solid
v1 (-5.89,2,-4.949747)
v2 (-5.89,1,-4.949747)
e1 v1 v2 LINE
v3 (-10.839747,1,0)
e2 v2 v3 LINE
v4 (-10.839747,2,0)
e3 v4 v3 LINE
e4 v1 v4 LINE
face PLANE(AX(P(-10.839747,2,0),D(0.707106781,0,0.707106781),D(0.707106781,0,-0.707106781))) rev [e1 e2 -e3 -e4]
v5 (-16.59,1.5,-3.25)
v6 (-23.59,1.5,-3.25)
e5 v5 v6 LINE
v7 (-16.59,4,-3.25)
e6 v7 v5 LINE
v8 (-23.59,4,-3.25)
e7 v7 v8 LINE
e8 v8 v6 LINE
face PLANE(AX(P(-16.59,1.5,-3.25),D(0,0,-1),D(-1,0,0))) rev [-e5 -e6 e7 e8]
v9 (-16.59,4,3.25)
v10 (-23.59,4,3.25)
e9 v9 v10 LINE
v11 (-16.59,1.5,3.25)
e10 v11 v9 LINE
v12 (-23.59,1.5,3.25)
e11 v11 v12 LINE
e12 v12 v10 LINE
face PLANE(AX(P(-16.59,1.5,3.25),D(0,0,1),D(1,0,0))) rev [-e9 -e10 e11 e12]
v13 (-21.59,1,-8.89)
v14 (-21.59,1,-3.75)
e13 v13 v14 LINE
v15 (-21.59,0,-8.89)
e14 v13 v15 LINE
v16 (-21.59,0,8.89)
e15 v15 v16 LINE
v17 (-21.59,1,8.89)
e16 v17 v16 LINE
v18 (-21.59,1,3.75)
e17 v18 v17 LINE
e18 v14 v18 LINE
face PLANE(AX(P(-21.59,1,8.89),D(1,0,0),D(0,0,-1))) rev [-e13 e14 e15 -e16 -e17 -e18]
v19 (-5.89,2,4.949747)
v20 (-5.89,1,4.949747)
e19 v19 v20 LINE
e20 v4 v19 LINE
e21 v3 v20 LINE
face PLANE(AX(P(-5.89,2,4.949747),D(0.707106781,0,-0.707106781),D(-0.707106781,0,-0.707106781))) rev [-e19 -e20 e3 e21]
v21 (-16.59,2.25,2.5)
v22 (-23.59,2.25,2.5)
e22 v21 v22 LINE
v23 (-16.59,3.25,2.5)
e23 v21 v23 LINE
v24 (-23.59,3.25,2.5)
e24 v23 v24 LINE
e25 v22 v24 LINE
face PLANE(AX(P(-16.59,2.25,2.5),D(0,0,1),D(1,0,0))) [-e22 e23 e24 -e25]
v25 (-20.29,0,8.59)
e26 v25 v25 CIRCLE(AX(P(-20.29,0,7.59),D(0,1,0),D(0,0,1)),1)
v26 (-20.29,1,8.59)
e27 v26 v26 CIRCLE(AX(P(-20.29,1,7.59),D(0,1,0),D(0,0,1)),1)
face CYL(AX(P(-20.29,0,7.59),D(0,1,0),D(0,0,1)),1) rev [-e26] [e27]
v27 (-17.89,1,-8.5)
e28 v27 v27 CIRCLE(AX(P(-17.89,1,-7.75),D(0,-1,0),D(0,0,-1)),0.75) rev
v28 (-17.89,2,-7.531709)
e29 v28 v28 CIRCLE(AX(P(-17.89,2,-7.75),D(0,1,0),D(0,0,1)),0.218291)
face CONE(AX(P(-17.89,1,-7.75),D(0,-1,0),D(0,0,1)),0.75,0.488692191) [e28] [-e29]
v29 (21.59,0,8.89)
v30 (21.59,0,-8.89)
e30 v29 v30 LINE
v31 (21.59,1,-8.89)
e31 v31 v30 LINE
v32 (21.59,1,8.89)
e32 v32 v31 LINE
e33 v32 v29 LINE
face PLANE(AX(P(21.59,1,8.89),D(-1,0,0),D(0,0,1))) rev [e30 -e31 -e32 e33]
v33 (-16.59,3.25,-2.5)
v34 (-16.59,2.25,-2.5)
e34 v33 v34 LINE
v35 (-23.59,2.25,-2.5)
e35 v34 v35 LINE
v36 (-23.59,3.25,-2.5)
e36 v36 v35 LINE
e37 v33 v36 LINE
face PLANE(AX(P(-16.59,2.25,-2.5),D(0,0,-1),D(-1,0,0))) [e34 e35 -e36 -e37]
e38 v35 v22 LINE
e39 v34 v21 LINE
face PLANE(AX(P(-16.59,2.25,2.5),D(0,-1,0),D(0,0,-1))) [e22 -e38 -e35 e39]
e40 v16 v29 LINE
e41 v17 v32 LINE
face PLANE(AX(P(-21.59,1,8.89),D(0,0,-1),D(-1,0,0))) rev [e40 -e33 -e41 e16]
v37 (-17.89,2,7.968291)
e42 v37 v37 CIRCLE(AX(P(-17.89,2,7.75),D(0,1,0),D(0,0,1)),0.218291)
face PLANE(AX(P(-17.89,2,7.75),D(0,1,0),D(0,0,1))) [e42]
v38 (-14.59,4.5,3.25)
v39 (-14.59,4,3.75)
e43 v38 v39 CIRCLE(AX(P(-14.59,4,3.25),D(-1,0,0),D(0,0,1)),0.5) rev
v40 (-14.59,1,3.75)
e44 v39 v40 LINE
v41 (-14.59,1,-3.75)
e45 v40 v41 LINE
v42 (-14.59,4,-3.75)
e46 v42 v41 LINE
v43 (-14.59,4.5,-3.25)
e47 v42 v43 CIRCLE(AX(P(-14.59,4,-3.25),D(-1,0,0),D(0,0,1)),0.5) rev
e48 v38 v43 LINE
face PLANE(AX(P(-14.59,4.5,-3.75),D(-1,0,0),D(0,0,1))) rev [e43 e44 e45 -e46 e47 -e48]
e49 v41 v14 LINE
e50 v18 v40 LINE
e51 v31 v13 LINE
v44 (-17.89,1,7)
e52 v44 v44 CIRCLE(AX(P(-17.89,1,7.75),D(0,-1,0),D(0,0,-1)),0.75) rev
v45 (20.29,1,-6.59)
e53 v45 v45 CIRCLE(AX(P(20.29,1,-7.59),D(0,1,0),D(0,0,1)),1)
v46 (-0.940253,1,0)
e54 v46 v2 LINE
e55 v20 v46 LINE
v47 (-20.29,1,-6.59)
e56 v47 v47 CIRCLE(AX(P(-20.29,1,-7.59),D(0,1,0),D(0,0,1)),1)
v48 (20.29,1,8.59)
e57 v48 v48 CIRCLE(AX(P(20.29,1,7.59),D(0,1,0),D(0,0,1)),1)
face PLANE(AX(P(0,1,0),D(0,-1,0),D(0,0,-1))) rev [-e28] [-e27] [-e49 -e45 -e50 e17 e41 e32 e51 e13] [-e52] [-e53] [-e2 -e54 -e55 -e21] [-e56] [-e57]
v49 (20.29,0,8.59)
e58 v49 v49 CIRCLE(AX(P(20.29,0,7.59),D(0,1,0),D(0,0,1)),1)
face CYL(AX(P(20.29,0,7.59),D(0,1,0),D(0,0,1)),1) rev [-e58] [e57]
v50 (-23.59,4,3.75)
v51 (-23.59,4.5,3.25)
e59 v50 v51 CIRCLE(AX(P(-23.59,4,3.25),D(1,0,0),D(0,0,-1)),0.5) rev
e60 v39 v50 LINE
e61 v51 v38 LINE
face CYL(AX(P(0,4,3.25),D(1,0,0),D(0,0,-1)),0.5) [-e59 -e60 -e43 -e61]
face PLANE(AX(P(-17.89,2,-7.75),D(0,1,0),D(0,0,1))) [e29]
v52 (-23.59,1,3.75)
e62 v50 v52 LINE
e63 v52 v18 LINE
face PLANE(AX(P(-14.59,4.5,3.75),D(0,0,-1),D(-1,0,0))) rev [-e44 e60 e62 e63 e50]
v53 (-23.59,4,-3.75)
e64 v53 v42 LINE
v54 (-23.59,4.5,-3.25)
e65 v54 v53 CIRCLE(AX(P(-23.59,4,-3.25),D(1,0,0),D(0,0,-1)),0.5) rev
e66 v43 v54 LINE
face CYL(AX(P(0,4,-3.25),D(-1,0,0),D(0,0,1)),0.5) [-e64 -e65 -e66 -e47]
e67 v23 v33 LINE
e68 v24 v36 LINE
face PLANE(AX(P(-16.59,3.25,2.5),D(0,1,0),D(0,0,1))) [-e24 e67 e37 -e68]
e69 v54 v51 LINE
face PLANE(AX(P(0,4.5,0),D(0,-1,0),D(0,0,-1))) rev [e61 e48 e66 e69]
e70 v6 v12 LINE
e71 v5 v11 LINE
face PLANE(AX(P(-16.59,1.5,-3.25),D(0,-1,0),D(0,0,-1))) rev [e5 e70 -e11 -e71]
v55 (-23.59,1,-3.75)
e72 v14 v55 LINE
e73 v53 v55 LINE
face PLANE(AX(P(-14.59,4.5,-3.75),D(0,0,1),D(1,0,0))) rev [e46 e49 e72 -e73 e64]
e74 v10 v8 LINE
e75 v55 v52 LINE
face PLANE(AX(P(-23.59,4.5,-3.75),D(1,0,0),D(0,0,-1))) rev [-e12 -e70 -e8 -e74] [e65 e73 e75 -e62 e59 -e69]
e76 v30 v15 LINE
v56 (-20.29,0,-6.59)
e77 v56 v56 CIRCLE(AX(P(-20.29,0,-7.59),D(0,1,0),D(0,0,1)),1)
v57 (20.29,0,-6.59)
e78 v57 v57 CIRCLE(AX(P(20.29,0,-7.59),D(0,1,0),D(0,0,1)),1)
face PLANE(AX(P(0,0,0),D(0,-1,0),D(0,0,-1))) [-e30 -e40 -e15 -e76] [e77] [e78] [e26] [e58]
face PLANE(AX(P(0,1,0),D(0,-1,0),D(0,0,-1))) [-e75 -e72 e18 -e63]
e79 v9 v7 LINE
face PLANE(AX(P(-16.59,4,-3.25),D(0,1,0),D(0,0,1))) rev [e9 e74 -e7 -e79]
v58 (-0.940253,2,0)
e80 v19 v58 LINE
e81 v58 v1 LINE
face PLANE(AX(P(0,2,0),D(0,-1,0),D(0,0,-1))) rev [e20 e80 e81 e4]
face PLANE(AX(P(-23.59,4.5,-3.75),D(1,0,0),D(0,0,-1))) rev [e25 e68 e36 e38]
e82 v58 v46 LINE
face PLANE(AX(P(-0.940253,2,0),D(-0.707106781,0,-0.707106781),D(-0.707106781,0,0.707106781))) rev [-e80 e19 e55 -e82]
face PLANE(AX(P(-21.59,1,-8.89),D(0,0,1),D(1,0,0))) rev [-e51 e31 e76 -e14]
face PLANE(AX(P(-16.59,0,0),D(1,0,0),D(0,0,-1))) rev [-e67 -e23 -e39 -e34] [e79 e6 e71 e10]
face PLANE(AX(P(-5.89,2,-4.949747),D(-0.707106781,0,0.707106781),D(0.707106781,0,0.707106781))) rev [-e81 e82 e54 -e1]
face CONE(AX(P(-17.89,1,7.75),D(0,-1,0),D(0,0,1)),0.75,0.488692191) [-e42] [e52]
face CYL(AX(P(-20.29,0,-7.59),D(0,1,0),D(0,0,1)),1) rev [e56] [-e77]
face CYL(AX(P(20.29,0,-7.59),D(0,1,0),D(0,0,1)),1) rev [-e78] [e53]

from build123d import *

# Parameters (mm, degrees)
ESBO_O1_W                          = 43.18
ESBO_O1_H                          = 17.78
RESSALTO_EXTRUS_O1_DEPTH           = 1
ESBO_O5_R                          = 0.75
RESSALTO_EXTRUS_O5_DEPTH           = 1
RESSALTO_EXTRUS_O5_DRAFT           = 28
RESSALTO_EXTRUS_O5_PROFILE_2_DEPTH = 1
RESSALTO_EXTRUS_O5_PROFILE_2_DRAFT = 28
RESSALTO_EXTRUS_O4_DEPTH           = 1
ESBO_O6_W                          = 9
ESBO_O6_H                          = 7.5
RESSALTO_EXTRUS_O6_DEPTH           = 3.5
ESBO_O7_R                          = 1
CORTE_EXTRUS_O1_DEPTH              = 26.451330024
ESBO_O8_W                          = 6.5
ESBO_O8_H                          = 2.5
ESBO_O8_W_2                        = 5
ESBO_O8_H_2                        = 1
CORTE_EXTRUS_O2_DEPTH              = 7
FILETE1_R                          = 0.5


with BuildPart() as part:
    # Esboço1 → Ressalto-extrusão1 (new body)
    with BuildSketch(Plane(origin=(0, 0, 0), x_dir=(1, 0, 0), z_dir=(0, 1, 0))):
        Rectangle(ESBO_O1_W, ESBO_O1_H)
    extrude(amount=RESSALTO_EXTRUS_O1_DEPTH)


with BuildPart() as ressalto_extrus_o5_tool:
    # Esboço5 → Ressalto-extrusão5 (with draft: the straight prism first)
    with BuildSketch(Plane(origin=(0, 1, 0), x_dir=(1, 0, 0), z_dir=(0, 1, 0))):
        with Locations((-17.89, 7.75)):
            Circle(ESBO_O5_R)
    extrude(amount=RESSALTO_EXTRUS_O5_DEPTH)
    # Ressalto-extrusão5: the draft: its side faces are tilted about the plane it starts from
    ressalto_extrus_o5_sides = [ressalto_extrus_o5_tool.faces().sort_by_distance(p)[0] for p in [
        (-18.64, 1.5, -7.75),
    ]]
    draft(ressalto_extrus_o5_sides, Plane(origin=(0, 1, 0), x_dir=(1, 0, 0), z_dir=(0, 1, 0)), RESSALTO_EXTRUS_O5_DRAFT)


with BuildPart() as part_1:
    add(part.part)

    # Ressalto-extrusão5: add ressalto_extrus_o5_tool
    add(ressalto_extrus_o5_tool.part)


with BuildPart() as ressalto_extrus_o5_profile_2_tool:
    # Esboço5 → Ressalto-extrusão5 profile 2 (with draft: the straight prism first)
    with BuildSketch(Plane(origin=(0, 1, 0), x_dir=(1, 0, 0), z_dir=(0, 1, 0))):
        with Locations((-17.89, -7.75)):
            Circle(ESBO_O5_R)
    extrude(amount=RESSALTO_EXTRUS_O5_PROFILE_2_DEPTH)
    # Ressalto-extrusão5 profile 2: the draft: its side faces are tilted about the plane it starts from
    ressalto_extrus_o5_profile_2_sides = [ressalto_extrus_o5_profile_2_tool.faces().sort_by_distance(p)[0] for p in [
        (-18.64, 1.5, 7.75),
    ]]
    draft(ressalto_extrus_o5_profile_2_sides, Plane(origin=(0, 1, 0), x_dir=(1, 0, 0), z_dir=(0, 1, 0)), RESSALTO_EXTRUS_O5_PROFILE_2_DRAFT)


with BuildPart() as part_2:
    add(part_1.part)

    # Ressalto-extrusão5 profile 2: add ressalto_extrus_o5_profile_2_tool
    add(ressalto_extrus_o5_profile_2_tool.part)

    # Esboço4 → Ressalto-extrusão4 (add)
    with BuildSketch(Plane(origin=(0, 1, 0), x_dir=(1, 0, 0), z_dir=(0, 1, 0))):
        Polygon((-10.839747468, 0), (-5.89, 4.949747468), (-0.940252532, 0), (-5.89, -4.949747468), align=None)
    extrude(amount=RESSALTO_EXTRUS_O4_DEPTH)

    # Esboço6 → Ressalto-extrusão6 (add)
    with BuildSketch(Plane(origin=(0, 1, 0), x_dir=(1, 0, 0), z_dir=(0, 1, 0))):
        with Locations((-19.09, 0)):
            Rectangle(ESBO_O6_W, ESBO_O6_H)
    extrude(amount=RESSALTO_EXTRUS_O6_DEPTH)

    # Esboço7 → Corte-extrusão1 (cut, through all)
    with BuildSketch(Plane(origin=(0, 1, 0), x_dir=(1, 0, 0), z_dir=(0, 1, 0))):
        with Locations((-20.29, 7.59)):
            Circle(ESBO_O7_R)
        with Locations((-20.29, -7.59)):
            Circle(ESBO_O7_R)
        with Locations((20.29, -7.59)):
            Circle(ESBO_O7_R)
        with Locations((20.29, 7.59)):
            Circle(ESBO_O7_R)
    extrude(amount=-CORTE_EXTRUS_O1_DEPTH, mode=Mode.SUBTRACT)

    # Esboço8 → Corte-extrusão2 (cut)
    with BuildSketch(Plane.ZY.offset(23.59)):
        with Locations((0, 2.75)):
            Rectangle(ESBO_O8_W, ESBO_O8_H)
        with Locations((0, 2.75)):
            Rectangle(ESBO_O8_W_2, ESBO_O8_H_2, mode=Mode.SUBTRACT)
    extrude(amount=-CORTE_EXTRUS_O2_DEPTH, mode=Mode.SUBTRACT)

    # Filete1
    filete1_edges = [part_2.edges().sort_by_distance(p)[0] for p in [
        (-19.09, 4.5, -3.75),
        (-19.09, 4.5, 3.75),
    ]]
    fillet(filete1_edges, radius=FILETE1_R)


solid = part_2.part
